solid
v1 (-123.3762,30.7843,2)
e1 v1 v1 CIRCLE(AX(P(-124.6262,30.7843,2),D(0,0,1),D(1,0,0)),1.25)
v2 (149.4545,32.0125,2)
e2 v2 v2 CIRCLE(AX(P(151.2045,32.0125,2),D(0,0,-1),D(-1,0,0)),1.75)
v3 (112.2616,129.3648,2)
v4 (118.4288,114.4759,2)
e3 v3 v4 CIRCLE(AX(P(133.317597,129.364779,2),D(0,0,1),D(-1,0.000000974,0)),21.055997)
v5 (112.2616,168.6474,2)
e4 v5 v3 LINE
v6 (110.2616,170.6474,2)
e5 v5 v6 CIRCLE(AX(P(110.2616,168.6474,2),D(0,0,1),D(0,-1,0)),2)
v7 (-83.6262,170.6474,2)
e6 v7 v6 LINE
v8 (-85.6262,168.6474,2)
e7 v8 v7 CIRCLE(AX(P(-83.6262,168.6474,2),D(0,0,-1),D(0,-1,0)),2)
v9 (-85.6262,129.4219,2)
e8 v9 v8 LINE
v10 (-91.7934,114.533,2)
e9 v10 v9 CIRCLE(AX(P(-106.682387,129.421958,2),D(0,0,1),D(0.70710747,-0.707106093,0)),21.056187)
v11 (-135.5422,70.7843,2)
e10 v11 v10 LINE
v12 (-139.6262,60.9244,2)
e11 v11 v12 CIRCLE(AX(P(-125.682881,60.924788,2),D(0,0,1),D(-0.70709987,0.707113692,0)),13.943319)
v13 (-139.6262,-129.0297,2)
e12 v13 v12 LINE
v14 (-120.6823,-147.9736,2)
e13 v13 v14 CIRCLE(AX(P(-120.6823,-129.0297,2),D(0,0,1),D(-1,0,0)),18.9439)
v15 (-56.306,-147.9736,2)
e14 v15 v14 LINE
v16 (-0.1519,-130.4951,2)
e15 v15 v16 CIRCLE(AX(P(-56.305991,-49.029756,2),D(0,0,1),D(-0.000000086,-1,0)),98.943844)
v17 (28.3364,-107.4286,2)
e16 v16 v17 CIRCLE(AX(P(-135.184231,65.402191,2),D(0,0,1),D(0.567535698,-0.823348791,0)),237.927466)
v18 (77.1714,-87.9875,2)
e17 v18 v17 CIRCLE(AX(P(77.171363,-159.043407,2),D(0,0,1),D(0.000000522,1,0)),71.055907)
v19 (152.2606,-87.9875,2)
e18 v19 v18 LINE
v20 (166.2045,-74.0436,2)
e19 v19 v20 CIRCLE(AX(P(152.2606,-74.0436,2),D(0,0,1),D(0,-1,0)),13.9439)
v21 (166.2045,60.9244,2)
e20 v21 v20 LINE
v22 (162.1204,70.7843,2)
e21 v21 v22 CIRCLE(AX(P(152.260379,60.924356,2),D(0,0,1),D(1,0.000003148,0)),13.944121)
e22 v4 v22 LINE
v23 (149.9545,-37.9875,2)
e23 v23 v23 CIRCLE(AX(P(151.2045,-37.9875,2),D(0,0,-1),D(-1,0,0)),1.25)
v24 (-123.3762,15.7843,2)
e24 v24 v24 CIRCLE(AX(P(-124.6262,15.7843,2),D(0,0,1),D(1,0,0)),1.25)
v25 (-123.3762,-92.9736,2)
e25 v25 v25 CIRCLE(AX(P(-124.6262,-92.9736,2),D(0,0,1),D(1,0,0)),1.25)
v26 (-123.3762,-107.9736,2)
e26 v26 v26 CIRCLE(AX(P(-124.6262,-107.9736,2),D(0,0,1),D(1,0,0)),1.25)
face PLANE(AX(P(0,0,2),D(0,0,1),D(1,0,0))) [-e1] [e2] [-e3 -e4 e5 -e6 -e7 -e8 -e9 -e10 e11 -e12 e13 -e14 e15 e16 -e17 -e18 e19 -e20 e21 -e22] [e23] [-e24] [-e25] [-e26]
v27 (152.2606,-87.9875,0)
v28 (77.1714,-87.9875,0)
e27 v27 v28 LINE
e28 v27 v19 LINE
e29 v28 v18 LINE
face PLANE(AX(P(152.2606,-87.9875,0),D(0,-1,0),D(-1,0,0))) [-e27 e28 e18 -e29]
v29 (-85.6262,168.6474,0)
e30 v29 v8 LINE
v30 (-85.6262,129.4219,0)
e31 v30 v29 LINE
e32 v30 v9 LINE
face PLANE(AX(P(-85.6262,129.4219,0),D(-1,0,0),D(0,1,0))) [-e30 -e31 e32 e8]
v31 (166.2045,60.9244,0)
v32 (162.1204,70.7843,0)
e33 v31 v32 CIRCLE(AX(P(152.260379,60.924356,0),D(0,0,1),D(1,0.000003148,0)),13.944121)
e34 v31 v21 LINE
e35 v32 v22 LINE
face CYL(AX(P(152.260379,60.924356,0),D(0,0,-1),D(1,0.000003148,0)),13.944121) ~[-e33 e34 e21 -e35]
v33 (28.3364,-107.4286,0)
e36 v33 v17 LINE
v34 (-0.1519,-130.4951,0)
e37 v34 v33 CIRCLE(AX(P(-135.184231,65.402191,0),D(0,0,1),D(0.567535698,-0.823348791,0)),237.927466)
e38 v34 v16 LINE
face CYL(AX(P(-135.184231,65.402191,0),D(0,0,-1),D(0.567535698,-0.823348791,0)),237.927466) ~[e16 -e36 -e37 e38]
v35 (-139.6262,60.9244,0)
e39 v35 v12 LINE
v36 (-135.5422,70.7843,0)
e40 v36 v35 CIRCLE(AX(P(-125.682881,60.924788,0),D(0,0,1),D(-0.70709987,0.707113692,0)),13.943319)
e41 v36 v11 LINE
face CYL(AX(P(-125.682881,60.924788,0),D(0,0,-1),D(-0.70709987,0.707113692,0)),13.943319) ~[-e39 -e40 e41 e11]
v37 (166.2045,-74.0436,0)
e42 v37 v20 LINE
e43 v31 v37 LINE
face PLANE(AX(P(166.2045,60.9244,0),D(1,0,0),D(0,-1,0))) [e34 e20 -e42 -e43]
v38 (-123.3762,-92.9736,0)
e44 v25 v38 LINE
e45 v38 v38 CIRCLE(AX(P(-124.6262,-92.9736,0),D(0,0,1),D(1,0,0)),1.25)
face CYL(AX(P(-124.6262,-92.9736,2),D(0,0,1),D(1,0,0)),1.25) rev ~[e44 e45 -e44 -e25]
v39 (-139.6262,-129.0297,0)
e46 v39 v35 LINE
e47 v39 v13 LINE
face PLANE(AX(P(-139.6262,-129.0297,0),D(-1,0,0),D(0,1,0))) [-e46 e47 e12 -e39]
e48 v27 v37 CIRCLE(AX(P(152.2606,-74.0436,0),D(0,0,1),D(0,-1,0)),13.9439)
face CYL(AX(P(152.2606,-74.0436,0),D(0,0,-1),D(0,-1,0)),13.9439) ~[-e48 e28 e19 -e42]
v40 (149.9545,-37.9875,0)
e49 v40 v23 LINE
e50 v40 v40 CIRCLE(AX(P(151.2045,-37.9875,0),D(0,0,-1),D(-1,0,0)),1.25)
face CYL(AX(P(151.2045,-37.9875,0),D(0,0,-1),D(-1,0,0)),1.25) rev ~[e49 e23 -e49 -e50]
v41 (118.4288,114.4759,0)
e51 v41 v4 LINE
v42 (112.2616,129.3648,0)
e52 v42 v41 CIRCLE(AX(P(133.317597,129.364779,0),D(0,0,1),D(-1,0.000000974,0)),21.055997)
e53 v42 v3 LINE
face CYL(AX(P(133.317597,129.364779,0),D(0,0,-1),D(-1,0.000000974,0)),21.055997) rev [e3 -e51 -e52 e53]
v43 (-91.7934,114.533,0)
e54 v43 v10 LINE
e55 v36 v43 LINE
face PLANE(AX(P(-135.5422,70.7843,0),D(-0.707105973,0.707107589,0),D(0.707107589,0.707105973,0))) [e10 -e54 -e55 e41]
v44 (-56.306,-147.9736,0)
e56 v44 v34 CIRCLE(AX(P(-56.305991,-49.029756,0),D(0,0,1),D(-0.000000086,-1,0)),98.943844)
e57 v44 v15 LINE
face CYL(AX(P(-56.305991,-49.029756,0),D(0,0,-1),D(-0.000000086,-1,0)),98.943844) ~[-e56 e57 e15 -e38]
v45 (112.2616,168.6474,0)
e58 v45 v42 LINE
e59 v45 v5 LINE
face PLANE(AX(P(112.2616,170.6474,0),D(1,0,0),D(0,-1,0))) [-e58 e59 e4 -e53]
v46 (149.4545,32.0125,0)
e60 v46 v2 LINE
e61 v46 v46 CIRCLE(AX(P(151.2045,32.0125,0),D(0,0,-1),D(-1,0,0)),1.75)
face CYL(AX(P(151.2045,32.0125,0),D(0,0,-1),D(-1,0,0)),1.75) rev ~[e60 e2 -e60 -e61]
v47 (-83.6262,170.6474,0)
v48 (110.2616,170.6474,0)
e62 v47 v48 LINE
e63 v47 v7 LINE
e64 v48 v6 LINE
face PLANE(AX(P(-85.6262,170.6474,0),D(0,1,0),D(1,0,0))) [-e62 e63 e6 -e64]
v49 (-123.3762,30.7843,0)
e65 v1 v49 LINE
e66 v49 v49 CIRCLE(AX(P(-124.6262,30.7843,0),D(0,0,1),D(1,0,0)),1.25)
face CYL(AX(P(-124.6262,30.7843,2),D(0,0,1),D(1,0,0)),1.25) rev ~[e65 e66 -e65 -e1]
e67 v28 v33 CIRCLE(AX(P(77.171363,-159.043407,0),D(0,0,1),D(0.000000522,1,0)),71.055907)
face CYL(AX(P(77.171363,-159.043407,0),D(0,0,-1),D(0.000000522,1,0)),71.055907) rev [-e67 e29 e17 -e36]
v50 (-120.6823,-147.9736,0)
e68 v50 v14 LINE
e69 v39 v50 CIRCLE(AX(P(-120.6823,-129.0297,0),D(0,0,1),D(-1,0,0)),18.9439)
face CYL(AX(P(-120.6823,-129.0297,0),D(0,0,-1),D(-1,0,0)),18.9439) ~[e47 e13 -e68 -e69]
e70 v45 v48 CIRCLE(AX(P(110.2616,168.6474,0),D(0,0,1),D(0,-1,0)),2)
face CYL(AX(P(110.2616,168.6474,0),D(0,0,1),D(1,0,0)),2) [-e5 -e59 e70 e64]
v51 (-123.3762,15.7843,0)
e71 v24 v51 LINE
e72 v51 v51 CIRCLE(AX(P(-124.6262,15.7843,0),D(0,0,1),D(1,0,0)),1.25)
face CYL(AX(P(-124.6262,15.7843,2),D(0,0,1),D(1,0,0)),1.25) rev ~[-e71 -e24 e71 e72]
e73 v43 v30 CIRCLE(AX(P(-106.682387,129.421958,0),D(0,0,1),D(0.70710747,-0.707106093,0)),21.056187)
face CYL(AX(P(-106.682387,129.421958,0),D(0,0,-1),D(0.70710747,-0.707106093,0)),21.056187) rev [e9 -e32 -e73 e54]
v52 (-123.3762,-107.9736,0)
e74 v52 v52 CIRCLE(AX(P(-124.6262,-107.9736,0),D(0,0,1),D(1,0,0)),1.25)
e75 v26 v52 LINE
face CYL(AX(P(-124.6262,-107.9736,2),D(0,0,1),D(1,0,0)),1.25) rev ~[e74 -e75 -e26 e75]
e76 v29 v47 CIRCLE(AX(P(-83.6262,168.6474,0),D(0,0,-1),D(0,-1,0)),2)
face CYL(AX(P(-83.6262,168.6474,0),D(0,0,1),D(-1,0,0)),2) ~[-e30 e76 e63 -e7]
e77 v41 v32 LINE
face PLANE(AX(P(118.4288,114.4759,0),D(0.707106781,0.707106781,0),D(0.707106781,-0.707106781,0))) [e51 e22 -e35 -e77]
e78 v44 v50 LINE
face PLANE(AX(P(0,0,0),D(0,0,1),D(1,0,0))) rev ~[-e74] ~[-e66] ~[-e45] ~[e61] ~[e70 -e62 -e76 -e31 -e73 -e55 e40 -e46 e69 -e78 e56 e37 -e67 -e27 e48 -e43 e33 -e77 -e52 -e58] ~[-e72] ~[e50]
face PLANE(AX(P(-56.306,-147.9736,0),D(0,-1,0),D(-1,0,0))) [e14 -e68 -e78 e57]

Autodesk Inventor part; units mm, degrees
ref_plane "YZ Plane" through (0, 0, 0) normal (1, 0, 0) x (0, 1, 0)
ref_plane "XZ Plane" through (0, 0, 0) normal (0, 1, 0) x (-1, 0, 0)
ref_plane "XY Plane" through (0, 0, 0) normal (0, 0, 1) x (1, 0, 0)
sketch "Boceto1" plane through (0, 0, 0) normal (0, 0, 1) x (1, 0, 0)
  line L0 (112.2616, 170.6474) -> (112.2616, 129.3648)
  arc A0 (112.2616, 129.3648) -> (118.4288, 114.4759) centre (133.3177, 129.3648) ccw
  line L1 (118.4288, 114.4759) -> (162.1204, 70.7843)
  arc A1 (166.2045, 60.9244) -> (162.1204, 70.7843) centre (152.2606, 60.9244) ccw
  line L2 (166.2045, 60.9244) -> (166.2045, -74.0436)
  arc A2 (152.2606, -87.9875) -> (166.2045, -74.0436) centre (152.2606, -74.0436) ccw
  line L3 (152.2606, -87.9875) -> (77.1714, -87.9875)
  arc A3 (77.1714, -87.9875) -> (28.3364, -107.4286) centre (77.1714, -159.0436) ccw
  arc A4 (-0.1519, -130.4951) -> (28.3364, -107.4286) centre (-135.1799, 65.3964) ccw
  arc A5 (-56.306, -147.9736) -> (-0.1519, -130.4951) centre (-56.306, -49.0297) ccw
  line L4 (-56.306, -147.9736) -> (-120.6823, -147.9736)
  arc A6 (-139.6262, -129.0297) -> (-120.6823, -147.9736) centre (-120.6823, -129.0297) ccw
  line L5 (-139.6262, -129.0297) -> (-139.6262, 60.9244)
  arc A7 (-135.5422, 70.7843) -> (-139.6262, 60.9244) centre (-125.6823, 60.9244) ccw
  line L6 (-135.5422, 70.7843) -> (-91.7934, 114.533)
  arc A8 (-91.7934, 114.533) -> (-85.6262, 129.4219) centre (-106.6823, 129.4219) ccw
  line L7 (-85.6262, 129.4219) -> (-85.6262, 170.6474)
  line L8 (-85.6262, 170.6474) -> (112.2616, 170.6474)
extrude "Extrusión1" add sketch "Boceto1" along normal blind 2
fillet "Empalme1" radius 2 2 edges at (-85.6262, 170.6474, 1) (112.2616, 170.6474, 1)
sketch "Boceto2" plane through (0, 0, 2) normal (0, 0, 1) x (1, 0, 0)
  line L0 (-139.6262, -129.0297) -> (-139.6262, 60.9244) projected
  circle A0 centre (-124.6262, 30.7843) radius 1.25
  circle A1 centre (-124.6262, 15.7843) radius 1.25
  circle A2 centre (-124.6262, -92.9736) radius 1.25
  circle A3 centre (-124.6262, -107.9736) radius 1.25
  point P0 (-135.5422, 70.7843)
  point P1 (-120.6823, -147.9736)
  point P2 (0, 0)
  dimension "d3" = 2.5
  dimension "d4" = 2.5
  dimension "d5" = 2.5
  dimension "d6" = 2.5
  dimension "d7" = 15
  dimension "d8" = 15
  dimension "d10" = 40
  dimension "d11" = 15
  dimension "d12" = 15
  dimension "d13" = 40
extrude "Extrusión2" cut sketch "Boceto2" against normal blind 2
sketch "Boceto3" plane through (0, 0, 0) normal (0, 0, -1) x (-1, 0, 0)
  line L0 (-166.2045, 60.9244) -> (-166.2045, -74.0436) projected
  line L1 (-152.2606, -87.9875) -> (-77.1714, -87.9875) projected
  circle A0 centre (-151.2045, 32.0125) radius 1.75
  circle A1 centre (-151.2045, -37.9875) radius 1.25
  point P0 (0, 0)
  dimension "d16" = 3.5
  dimension "d17" = 2.5
  dimension "d18" = 70
  dimension "d19" = 50
  dimension "d20" = 15
extrude "Extrusión3" cut sketch "Boceto3" against normal blind 2
properties part number "porta frontal"
